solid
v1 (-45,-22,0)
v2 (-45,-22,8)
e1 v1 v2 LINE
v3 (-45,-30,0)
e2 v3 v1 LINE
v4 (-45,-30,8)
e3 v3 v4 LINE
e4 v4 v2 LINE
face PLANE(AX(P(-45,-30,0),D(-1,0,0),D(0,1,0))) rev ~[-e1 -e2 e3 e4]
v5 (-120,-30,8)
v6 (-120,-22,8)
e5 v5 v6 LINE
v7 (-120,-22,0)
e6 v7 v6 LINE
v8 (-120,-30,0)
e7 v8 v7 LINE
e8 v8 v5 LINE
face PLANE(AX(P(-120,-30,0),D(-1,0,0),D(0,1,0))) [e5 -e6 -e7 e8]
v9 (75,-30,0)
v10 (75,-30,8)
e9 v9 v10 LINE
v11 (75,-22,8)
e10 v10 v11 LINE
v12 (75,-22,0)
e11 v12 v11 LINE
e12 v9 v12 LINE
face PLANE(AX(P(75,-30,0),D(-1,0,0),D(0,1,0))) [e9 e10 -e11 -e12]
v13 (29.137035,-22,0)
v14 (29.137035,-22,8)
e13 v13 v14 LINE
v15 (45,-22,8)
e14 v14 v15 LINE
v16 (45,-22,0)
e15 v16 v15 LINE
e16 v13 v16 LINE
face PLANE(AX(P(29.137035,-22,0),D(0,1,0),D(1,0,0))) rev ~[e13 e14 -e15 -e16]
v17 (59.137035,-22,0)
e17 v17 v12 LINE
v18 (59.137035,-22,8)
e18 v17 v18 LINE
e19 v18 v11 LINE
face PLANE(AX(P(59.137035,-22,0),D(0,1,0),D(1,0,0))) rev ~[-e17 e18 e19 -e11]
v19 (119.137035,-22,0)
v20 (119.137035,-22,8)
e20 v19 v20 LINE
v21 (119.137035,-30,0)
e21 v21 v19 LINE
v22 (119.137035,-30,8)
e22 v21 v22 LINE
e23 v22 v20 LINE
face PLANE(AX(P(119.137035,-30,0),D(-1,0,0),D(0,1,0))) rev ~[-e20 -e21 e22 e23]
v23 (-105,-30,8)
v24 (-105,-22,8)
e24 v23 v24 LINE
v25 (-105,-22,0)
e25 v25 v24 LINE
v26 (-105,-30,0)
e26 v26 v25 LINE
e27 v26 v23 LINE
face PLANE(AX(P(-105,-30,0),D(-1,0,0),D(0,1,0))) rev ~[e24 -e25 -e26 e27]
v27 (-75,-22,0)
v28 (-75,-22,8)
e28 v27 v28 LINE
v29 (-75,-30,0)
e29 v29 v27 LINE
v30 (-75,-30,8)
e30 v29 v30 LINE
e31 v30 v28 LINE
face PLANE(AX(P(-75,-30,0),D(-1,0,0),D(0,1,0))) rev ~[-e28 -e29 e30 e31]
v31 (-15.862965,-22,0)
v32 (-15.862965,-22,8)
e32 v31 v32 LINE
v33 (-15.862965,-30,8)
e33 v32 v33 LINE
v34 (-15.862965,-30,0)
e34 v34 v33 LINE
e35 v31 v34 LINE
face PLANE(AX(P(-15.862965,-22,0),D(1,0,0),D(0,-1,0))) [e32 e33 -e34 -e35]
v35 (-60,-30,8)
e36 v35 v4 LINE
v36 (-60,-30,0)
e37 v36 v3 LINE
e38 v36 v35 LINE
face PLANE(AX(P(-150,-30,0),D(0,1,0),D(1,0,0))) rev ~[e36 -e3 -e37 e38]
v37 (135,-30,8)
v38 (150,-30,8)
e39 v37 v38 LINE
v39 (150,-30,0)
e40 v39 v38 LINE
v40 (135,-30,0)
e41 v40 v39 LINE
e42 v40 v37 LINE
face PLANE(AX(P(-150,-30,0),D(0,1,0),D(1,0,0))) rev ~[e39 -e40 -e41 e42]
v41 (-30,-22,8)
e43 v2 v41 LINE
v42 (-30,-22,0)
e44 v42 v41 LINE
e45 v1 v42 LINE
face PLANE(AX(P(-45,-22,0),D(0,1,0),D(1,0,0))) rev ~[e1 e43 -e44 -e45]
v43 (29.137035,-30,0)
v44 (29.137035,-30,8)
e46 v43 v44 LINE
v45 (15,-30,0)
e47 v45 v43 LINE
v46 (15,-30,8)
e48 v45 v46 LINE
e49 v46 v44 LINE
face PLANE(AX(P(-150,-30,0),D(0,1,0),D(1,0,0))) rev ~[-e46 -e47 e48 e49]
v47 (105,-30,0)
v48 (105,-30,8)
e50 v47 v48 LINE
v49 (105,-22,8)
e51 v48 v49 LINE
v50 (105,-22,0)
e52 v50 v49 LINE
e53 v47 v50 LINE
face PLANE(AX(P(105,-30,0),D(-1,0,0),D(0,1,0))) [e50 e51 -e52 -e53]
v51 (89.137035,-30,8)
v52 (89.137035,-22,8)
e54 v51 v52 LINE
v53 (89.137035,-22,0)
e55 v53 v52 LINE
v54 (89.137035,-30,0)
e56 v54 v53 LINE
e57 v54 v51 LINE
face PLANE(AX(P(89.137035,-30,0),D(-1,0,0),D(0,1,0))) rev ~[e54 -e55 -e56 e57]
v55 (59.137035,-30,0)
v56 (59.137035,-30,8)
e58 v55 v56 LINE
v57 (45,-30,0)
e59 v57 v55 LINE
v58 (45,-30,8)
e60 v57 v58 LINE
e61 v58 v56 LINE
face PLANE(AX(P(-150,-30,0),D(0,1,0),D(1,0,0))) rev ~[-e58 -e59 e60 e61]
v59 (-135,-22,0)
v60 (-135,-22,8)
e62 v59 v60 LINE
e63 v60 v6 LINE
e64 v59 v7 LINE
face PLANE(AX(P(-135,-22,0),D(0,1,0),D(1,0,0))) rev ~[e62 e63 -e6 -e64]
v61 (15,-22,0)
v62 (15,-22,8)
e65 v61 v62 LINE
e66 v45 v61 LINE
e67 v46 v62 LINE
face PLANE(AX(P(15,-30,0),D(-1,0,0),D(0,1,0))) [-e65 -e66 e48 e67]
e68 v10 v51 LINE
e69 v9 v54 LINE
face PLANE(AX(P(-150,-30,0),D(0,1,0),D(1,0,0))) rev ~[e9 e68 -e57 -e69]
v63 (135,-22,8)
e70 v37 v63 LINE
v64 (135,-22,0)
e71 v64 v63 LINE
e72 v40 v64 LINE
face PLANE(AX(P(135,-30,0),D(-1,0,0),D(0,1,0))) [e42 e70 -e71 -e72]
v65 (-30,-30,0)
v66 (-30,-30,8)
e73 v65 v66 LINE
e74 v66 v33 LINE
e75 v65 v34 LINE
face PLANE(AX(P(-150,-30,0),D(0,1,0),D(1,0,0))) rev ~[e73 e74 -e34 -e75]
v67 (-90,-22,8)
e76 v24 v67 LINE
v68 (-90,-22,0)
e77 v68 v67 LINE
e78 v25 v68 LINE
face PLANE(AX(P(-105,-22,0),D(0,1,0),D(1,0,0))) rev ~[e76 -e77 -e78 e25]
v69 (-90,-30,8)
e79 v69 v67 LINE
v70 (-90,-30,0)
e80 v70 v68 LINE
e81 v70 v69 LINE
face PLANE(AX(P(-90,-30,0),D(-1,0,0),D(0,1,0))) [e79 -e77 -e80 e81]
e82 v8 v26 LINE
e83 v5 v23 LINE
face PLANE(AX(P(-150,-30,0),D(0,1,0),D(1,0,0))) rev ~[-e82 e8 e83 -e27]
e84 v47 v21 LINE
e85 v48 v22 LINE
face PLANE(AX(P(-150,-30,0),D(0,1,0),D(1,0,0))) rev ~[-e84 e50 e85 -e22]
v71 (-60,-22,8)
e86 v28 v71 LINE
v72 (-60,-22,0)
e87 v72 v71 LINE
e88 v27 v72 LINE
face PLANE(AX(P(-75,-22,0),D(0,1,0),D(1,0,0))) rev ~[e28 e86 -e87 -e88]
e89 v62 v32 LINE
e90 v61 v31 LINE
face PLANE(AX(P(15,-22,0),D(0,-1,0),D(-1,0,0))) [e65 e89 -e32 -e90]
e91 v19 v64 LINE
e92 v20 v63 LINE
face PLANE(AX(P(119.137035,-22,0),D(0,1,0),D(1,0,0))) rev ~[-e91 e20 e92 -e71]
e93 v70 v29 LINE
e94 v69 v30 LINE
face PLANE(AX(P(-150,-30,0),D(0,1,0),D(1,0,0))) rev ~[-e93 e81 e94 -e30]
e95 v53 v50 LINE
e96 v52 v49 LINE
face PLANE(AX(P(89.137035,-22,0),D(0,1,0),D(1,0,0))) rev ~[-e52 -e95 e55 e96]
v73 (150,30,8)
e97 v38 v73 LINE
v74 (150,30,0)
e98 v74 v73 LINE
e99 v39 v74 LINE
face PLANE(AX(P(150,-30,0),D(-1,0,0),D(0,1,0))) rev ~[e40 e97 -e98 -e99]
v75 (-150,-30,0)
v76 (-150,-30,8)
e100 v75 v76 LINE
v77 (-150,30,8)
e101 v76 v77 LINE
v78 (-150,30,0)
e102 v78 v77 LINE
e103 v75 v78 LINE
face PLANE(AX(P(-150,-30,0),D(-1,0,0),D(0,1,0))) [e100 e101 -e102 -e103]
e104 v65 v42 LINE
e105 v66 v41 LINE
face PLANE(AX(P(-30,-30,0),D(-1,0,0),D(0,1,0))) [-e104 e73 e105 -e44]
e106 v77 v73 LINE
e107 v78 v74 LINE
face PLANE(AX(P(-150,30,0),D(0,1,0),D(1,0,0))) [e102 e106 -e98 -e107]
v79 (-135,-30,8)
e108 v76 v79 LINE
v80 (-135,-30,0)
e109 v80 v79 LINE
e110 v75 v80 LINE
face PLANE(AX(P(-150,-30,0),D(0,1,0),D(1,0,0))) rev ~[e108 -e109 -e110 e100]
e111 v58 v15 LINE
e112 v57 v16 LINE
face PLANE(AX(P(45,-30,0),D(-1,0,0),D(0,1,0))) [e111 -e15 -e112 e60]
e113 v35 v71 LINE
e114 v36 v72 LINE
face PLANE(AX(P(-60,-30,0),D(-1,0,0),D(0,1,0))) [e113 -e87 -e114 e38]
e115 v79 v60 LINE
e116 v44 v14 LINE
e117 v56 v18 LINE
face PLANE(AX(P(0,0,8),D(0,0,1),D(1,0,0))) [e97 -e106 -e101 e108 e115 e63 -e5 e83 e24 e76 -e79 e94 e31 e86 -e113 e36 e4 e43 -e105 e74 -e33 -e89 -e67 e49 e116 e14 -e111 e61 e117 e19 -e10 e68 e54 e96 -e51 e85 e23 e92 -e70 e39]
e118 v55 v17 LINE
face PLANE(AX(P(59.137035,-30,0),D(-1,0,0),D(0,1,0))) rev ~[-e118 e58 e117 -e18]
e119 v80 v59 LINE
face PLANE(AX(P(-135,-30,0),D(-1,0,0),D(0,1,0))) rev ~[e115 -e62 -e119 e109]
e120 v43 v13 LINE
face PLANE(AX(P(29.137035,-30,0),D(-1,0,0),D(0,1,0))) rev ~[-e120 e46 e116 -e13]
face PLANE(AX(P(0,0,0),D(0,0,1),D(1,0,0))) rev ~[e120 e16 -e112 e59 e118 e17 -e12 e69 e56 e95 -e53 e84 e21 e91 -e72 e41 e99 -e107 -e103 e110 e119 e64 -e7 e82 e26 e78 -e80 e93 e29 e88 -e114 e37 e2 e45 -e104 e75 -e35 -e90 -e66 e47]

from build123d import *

# Parameters (mm, degrees)
ESQUISSE1_W             = 300
ESQUISSE1_H             = 60
BOSS_EXTRU_1_DEPTH      = 8
ESQUISSE2_W             = 15.862965147
ESQUISSE2_H             = 8
ESQUISSE2_W_2           = 15
ENL_V_MAT_EXTRU_1_DEPTH = 8


with BuildPart() as part:
    # Esquisse1 → Boss.-Extru.1 (new body)
    with BuildSketch(Plane.XY):
        Rectangle(ESQUISSE1_W, ESQUISSE1_H)
    extrude(amount=BOSS_EXTRU_1_DEPTH)

    # Esquisse2 → Enlèv. mat.-Extru.1 (cut)
    with BuildSketch(Plane.XY):
        Polygon((-0.862965147, -30), (15, -30), (15, -22), (-0.862965147, -22), (-15.862965147, -22), (-15.862965147, -30), align=None)
        with Locations((37.068517427, -26)):
            Rectangle(ESQUISSE2_W, ESQUISSE2_H)
        with Locations((67.068517426, -26)):
            Rectangle(ESQUISSE2_W, ESQUISSE2_H)
        with Locations((97.068517426, -26)):
            Rectangle(ESQUISSE2_W, ESQUISSE2_H)
        with Locations((127.068517426, -26)):
            Rectangle(ESQUISSE2_W, ESQUISSE2_H)
        with Locations((-127.5, -26)):
            Rectangle(ESQUISSE2_W_2, ESQUISSE2_H)
        with Locations((-97.5, -26)):
            Rectangle(ESQUISSE2_W_2, ESQUISSE2_H)
        with Locations((-67.5, -26)):
            Rectangle(ESQUISSE2_W_2, ESQUISSE2_H)
        with Locations((-37.5, -26)):
            Rectangle(ESQUISSE2_W_2, ESQUISSE2_H)
    extrude(amount=ENL_V_MAT_EXTRU_1_DEPTH, mode=Mode.SUBTRACT)


solid = part.part
